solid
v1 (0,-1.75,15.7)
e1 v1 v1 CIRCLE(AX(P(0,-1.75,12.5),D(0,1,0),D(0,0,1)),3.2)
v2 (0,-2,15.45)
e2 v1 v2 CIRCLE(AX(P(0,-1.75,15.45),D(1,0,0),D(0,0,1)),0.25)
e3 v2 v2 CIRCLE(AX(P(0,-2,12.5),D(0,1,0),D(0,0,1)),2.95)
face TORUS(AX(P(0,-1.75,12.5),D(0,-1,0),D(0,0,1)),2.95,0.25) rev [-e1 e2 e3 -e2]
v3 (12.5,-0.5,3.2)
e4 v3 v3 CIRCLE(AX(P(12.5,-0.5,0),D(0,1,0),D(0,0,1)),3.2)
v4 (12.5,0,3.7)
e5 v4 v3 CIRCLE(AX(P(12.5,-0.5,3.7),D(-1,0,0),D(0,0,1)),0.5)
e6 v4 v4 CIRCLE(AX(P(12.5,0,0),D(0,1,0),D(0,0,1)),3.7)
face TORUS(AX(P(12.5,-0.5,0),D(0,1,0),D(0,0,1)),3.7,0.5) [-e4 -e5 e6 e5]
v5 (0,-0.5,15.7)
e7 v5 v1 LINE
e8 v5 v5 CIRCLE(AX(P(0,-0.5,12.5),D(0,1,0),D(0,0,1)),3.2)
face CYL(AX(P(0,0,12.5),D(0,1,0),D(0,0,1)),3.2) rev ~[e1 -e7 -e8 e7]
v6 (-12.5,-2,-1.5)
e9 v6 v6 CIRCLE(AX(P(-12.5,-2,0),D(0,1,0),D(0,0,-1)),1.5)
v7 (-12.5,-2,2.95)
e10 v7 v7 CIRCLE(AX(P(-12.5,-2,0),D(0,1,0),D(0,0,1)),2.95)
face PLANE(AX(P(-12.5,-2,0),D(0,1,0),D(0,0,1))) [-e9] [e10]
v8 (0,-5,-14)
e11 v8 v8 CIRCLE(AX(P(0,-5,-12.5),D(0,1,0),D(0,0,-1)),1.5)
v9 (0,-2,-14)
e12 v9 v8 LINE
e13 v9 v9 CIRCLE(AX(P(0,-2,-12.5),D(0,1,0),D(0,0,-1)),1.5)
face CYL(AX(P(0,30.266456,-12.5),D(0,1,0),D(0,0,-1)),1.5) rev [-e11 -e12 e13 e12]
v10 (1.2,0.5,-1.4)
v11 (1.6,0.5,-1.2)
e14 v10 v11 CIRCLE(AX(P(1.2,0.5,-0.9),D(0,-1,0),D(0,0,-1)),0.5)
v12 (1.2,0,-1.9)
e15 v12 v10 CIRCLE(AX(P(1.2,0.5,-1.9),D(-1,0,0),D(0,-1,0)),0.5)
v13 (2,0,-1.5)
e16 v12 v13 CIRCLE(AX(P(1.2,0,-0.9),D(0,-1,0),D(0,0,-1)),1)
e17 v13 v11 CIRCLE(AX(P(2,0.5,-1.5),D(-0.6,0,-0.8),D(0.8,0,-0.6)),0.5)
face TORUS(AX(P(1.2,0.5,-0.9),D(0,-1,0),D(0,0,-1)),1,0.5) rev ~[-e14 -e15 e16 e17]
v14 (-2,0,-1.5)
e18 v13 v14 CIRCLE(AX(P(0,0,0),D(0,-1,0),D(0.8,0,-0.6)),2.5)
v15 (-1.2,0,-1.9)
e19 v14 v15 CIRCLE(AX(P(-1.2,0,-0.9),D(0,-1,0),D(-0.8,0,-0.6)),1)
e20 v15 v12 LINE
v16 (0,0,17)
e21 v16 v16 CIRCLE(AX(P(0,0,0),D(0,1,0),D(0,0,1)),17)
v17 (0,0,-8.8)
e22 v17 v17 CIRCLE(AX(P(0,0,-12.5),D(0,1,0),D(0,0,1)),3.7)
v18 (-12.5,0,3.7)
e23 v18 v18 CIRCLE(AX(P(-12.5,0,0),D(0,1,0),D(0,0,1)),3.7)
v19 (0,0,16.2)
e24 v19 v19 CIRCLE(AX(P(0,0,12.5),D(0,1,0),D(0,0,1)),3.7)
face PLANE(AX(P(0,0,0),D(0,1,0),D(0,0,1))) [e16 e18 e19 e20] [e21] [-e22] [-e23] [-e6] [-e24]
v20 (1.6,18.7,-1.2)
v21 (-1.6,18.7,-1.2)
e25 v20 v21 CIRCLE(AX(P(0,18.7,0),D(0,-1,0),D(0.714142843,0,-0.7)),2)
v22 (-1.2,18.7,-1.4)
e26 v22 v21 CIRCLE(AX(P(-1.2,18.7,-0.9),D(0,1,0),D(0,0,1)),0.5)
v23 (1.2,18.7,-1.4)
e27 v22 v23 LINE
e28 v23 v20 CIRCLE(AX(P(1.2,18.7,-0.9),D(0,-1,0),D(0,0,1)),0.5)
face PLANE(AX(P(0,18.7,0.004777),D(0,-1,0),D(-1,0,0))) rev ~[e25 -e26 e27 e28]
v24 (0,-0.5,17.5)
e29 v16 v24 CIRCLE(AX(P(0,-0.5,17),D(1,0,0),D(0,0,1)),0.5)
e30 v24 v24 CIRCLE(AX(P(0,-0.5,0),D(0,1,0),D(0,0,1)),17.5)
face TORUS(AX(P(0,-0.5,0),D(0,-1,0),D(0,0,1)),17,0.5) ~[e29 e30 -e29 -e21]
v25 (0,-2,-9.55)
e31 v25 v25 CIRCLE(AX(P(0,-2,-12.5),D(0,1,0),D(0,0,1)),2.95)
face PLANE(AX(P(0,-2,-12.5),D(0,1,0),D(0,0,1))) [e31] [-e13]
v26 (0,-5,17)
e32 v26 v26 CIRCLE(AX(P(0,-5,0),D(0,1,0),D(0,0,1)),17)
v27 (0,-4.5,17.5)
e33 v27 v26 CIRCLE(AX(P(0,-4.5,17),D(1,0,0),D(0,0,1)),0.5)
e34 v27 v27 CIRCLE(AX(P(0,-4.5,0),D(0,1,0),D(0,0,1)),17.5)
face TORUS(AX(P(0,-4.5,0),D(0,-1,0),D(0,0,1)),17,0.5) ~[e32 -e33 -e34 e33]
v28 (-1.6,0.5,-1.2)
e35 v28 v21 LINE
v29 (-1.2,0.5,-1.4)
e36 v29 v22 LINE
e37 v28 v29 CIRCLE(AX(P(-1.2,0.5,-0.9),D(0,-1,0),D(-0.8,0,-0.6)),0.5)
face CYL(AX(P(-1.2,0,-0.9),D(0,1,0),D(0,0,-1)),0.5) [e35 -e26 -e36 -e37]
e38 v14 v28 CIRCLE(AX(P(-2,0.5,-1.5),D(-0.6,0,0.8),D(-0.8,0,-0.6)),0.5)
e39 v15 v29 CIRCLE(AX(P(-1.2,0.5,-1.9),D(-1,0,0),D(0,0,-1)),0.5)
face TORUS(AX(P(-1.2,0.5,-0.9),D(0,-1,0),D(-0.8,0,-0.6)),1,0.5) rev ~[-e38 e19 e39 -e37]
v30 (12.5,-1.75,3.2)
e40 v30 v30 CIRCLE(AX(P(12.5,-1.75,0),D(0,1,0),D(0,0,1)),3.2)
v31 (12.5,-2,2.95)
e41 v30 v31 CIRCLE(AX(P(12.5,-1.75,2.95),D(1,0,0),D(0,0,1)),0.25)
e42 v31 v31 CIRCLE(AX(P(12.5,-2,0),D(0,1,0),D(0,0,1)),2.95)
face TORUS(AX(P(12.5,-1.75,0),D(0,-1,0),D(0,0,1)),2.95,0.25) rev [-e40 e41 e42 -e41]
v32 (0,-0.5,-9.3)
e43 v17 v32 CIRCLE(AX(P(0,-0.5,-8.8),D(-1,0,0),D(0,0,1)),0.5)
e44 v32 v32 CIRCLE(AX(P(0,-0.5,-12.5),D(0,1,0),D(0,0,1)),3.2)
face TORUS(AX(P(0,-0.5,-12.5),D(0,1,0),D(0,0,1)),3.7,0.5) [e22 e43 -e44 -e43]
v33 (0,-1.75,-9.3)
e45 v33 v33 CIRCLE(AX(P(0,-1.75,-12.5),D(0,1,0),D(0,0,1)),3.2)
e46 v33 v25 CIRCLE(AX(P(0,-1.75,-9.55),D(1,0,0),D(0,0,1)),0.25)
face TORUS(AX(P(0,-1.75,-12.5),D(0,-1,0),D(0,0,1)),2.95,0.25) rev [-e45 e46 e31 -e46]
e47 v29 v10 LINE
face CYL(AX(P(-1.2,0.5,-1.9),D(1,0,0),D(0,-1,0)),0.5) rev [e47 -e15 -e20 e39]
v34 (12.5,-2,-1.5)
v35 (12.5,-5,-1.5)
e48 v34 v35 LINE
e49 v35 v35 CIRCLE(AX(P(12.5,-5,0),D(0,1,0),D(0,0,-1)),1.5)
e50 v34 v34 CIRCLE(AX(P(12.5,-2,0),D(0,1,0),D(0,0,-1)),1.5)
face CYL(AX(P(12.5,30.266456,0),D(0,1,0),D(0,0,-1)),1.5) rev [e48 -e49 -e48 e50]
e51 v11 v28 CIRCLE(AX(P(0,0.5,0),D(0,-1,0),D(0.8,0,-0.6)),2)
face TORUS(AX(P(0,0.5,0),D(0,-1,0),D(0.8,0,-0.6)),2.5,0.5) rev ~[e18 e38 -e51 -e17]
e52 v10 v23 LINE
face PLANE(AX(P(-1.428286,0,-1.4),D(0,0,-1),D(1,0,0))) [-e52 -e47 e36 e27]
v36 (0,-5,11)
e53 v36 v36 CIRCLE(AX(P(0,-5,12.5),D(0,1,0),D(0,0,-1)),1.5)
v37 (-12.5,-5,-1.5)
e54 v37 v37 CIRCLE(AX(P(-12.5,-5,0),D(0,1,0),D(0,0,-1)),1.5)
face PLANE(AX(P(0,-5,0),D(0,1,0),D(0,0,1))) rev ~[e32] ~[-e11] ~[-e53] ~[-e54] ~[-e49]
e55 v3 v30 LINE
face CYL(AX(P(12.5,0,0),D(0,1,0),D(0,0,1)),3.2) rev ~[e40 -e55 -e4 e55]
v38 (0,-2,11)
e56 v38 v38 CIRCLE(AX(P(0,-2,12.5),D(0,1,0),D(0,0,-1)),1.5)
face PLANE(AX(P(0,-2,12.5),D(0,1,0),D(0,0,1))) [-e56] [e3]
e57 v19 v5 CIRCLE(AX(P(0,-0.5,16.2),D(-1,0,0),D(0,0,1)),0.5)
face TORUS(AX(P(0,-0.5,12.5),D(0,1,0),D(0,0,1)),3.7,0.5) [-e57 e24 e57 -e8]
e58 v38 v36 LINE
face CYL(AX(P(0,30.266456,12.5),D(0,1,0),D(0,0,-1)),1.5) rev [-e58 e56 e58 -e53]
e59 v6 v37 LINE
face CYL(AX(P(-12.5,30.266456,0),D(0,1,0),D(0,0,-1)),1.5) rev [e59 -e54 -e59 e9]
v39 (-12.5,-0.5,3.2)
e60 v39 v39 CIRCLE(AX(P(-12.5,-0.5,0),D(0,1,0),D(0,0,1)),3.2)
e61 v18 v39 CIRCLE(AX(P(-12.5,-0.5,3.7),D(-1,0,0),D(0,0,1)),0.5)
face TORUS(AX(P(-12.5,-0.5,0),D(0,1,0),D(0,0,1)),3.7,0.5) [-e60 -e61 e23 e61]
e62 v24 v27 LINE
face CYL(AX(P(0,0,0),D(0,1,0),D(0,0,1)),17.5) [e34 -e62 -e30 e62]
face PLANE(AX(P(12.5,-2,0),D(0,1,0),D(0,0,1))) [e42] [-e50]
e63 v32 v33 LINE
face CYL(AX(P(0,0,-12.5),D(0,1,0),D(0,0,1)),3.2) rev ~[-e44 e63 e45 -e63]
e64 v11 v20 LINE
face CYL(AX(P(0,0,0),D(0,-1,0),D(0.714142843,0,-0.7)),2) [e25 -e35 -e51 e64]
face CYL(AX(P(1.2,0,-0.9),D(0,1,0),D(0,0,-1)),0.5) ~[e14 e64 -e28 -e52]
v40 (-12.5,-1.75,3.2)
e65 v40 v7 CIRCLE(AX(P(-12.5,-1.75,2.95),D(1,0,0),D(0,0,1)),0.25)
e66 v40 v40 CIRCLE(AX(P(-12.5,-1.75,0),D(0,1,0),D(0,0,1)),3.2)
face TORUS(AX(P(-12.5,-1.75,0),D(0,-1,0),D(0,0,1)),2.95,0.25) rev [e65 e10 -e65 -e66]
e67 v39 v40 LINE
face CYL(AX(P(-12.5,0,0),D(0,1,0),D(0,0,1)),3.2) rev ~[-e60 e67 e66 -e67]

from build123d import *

# Parameters (mm, degrees)
BOSS_EXTRUDE1_DEPTH     = 18.7
FILLET1_R               = 0.5
SKETCH2_R               = 17.5
BOSS_EXTRUDE3_DEPTH     = 5
CUT_EXTRUDE1_DEPTH      = 35.266455901
CUT_EXTRUDE1_DEPTH_BACK = 35.266455901
SKETCH3_R               = 1.5
SKETCH4_R               = 3.2
CUT_EXTRUDE2_DEPTH      = 2
FILLET2_R               = 0.5
FILLET3_R               = 0.25
FILLET4_R               = 0.5
FILLET5_R               = 0.5


with BuildPart() as part:
    # Sketch1 → Boss-Extrude1 (new body)
    with BuildSketch(Plane(origin=(0, 0, 0), x_dir=(1, 0, 0), z_dir=(0, 1, 0))):
        with BuildLine():
            Line((-1.428285686, 1.4), (1.428285686, 1.4))
            ThreePointArc((1.428285686, 1.4), (0, -2), (-1.428285686, 1.4))
        make_face()
    extrude(amount=BOSS_EXTRUDE1_DEPTH)

    # Fillet1
    fillet1_edges = [part.edges().sort_by_distance(p)[0] for p in [
        (-1.428285686, 9.35, -1.4),
        (1.428285686, 9.35, -1.4),
    ]]
    fillet(fillet1_edges, radius=FILLET1_R)

    # Sketch2 → Boss-Extrude3 (add)
    with BuildSketch(Plane(origin=(0, 0, 0), x_dir=(1, 0, 0), z_dir=(0, 1, 0))):
        with Locations(Location((0, 0, 0), (0, 0, 270))):
            Circle(SKETCH2_R)
    extrude(amount=-BOSS_EXTRUDE3_DEPTH)

    # Sketch3 → Cut-Extrude1 (cut, two sides: drawn at the far end of the back side and taken through both)
    with BuildSketch(Plane.XZ.offset(5).offset(-CUT_EXTRUDE1_DEPTH_BACK)):
        with Locations(Location((0, 12.5, 0), (0, 0, 270))):
            Circle(SKETCH3_R)
        with Locations(Location((12.5, 0, 0), (0, 0, 270))):
            Circle(SKETCH3_R)
        with Locations(Location((-12.5, 0, 0), (0, 0, 270))):
            Circle(SKETCH3_R)
        with Locations(Location((0, -12.5, 0), (0, 0, 270))):
            Circle(SKETCH3_R)
    extrude(amount=CUT_EXTRUDE1_DEPTH + CUT_EXTRUDE1_DEPTH_BACK, mode=Mode.SUBTRACT)

    # Sketch4 → Cut-Extrude2 (cut)
    with BuildSketch(Plane(origin=(0, 0, 0), x_dir=(1, 0, 0), z_dir=(0, 1, 0))):
        with Locations(Location((0, -12.5, 0), (0, 0, 270))):
            Circle(SKETCH4_R)
        with Locations(Location((0, 12.5, 0), (0, 0, 270))):
            Circle(SKETCH4_R)
        with Locations(Location((-12.5, 0, 0), (0, 0, 270))):
            Circle(SKETCH4_R)
        with Locations(Location((12.5, 0, 0), (0, 0, 270))):
            Circle(SKETCH4_R)
    extrude(amount=-CUT_EXTRUDE2_DEPTH, mode=Mode.SUBTRACT)

    # Fillet2
    fillet2_edges = [part.edges().sort_by_distance(p)[0] for p in [
        (-12.5, 0, -3.2),
        (12.5, 0, -3.2),
        (0, 0, 9.3),
        (0, 0, -15.7),
    ]]
    fillet(fillet2_edges, radius=FILLET2_R)

    # Fillet3
    fillet3_edges = [part.edges().sort_by_distance(p)[0] for p in [
        (-12.5, -2, -3.2),
        (12.5, -2, -3.2),
        (0, -2, 9.3),
        (0, -2, -15.7),
    ]]
    fillet(fillet3_edges, radius=FILLET3_R)

    # Fillet4
    fillet4_edges = [part.edges().sort_by_distance(p)[0] for p in [
        (0, 0, -17.5),
        (0, -5, -17.5),
    ]]
    fillet(fillet4_edges, radius=FILLET4_R)

    # Fillet5
    fillet5_edges = [part.edges().sort_by_distance(p)[0] for p in [
        (0, 0, 2),
        (-1.423606798, 0, -1.347213595),
        (1.423606798, 0, -1.347213595),
        (0, 0, -1.4),
    ]]
    fillet(fillet5_edges, radius=FILLET5_R)


solid = part.part
